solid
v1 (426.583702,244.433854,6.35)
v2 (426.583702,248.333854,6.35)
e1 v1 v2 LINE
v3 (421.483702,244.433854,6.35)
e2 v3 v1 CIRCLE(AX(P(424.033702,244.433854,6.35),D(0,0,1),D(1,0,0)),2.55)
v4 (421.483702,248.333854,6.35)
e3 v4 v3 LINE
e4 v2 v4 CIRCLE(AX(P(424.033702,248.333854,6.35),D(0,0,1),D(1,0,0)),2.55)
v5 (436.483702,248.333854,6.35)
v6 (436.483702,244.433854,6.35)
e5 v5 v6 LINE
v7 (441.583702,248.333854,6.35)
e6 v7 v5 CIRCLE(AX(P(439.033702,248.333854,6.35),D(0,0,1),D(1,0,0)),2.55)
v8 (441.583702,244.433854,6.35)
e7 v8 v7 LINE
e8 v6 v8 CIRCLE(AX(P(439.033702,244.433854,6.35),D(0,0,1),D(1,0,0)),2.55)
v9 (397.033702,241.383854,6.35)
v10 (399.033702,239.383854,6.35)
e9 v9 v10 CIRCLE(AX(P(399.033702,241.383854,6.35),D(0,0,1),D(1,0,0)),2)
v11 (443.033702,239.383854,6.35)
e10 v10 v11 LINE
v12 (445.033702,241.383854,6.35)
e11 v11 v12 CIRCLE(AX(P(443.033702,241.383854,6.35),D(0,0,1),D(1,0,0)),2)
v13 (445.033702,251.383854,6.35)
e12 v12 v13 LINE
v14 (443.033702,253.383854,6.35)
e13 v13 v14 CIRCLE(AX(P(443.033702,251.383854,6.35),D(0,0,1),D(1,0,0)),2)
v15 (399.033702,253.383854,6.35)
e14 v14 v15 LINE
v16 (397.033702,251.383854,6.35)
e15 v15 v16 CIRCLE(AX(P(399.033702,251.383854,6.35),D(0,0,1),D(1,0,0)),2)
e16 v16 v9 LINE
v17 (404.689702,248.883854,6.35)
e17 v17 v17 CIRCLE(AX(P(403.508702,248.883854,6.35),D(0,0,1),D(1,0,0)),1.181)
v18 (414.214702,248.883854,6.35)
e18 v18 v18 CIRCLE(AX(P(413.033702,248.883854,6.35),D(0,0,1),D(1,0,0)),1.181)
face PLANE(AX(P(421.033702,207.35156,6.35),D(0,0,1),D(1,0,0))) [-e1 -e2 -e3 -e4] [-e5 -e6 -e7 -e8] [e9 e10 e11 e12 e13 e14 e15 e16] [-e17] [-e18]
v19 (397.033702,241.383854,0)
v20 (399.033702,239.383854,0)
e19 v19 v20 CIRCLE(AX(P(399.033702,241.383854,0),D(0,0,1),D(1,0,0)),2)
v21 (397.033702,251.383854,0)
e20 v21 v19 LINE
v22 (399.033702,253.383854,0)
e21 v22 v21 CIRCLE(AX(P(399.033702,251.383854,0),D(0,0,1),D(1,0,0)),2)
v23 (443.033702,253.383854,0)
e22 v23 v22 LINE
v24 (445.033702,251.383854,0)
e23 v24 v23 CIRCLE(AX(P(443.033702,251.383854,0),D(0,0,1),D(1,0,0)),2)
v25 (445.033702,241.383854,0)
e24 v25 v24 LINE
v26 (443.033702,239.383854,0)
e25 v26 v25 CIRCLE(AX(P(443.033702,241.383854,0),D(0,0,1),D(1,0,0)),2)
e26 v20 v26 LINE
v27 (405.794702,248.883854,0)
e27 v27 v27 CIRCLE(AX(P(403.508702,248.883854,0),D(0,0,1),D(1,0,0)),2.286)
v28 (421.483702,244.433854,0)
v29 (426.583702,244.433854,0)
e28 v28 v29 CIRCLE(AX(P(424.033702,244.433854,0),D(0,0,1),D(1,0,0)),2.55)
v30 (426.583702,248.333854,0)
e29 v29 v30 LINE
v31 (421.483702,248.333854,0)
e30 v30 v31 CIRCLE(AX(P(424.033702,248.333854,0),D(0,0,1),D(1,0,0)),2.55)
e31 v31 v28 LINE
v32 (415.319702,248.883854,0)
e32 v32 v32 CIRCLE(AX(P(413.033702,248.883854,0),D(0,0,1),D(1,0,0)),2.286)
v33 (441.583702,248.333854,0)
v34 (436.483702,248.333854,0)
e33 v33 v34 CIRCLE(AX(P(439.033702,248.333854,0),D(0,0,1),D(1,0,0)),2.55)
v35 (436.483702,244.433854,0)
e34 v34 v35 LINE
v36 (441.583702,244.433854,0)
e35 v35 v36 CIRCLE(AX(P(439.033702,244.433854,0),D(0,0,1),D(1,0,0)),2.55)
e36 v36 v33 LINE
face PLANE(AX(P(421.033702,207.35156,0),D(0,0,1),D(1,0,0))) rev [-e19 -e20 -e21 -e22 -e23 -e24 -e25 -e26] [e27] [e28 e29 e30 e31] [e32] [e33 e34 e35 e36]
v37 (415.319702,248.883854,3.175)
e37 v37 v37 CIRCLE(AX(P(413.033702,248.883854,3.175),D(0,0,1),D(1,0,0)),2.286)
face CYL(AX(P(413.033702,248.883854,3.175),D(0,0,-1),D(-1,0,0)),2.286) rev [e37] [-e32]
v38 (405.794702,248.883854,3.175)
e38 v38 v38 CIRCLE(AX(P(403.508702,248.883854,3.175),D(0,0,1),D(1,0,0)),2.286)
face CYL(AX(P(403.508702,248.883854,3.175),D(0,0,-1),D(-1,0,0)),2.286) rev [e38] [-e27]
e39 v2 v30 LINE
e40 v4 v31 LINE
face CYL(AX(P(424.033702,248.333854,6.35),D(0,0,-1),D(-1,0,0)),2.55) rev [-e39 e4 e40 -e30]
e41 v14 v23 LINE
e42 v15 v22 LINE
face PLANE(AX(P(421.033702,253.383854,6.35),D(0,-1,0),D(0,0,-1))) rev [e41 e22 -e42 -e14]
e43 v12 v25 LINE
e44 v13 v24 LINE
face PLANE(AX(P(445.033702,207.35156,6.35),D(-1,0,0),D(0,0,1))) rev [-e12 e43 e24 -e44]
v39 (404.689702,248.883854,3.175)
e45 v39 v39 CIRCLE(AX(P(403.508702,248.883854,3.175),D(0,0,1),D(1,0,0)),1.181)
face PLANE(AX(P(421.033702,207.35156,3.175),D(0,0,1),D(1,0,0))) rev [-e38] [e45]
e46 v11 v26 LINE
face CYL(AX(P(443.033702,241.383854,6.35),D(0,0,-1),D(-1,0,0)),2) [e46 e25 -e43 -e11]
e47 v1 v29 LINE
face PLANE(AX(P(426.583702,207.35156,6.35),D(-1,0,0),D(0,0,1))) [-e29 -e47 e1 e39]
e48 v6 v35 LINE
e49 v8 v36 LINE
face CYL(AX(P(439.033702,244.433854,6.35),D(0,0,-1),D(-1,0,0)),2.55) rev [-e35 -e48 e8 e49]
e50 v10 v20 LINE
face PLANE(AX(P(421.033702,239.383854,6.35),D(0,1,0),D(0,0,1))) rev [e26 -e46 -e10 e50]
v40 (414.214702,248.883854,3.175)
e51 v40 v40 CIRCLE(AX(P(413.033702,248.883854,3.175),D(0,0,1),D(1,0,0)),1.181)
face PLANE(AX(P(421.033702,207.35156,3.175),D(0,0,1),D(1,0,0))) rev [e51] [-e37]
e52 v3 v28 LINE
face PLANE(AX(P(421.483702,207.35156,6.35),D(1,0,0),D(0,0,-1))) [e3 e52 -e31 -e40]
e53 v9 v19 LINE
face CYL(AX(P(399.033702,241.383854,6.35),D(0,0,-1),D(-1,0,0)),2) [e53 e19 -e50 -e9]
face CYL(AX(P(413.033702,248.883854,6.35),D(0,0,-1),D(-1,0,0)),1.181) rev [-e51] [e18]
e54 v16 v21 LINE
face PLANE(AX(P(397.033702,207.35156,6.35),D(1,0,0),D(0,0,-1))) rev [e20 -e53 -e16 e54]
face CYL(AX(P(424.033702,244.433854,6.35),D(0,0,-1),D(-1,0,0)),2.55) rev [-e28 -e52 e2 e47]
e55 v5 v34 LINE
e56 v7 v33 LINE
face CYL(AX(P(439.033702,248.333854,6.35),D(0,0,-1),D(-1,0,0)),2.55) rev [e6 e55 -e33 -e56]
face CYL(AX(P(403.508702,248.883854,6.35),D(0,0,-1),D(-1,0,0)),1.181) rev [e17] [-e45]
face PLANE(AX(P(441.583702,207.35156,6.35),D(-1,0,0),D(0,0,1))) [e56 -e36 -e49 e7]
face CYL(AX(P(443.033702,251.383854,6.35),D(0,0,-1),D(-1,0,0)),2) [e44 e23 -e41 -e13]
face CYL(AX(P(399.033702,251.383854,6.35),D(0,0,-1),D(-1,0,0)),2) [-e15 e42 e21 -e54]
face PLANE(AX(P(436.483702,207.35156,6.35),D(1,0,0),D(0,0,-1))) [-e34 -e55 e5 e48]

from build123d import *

# Parameters (mm, degrees)
SKETCH1_R           = 1.181
BOSS_EXTRUDE1_DEPTH = 6.35
SKETCH1_3_R         = 2.286
SKETCH1_3_R_2       = 1.181
CUT_EXTRUDE1_DEPTH  = 3.175


with BuildPart() as part:
    # Sketch1 → Boss-Extrude1 (new body)
    with BuildSketch(Plane.XY):
        with BuildLine():
            ThreePointArc((397.033701588, 241.383854224), (397.619488025, 239.969640661), (399.033701588, 239.383854223))
            Line((399.033701588, 239.383854223), (443.033701589, 239.383854223))
            ThreePointArc((443.033701589, 239.383854223), (444.447915151, 239.969640661), (445.033701588, 241.383854223))
            Line((445.033701588, 241.383854223), (445.033701588, 251.383854223))
            ThreePointArc((445.033701588, 251.383854223), (444.447915152, 252.798067786), (443.033701589, 253.383854224))
            Line((443.033701589, 253.383854224), (399.033701588, 253.383854224))
            ThreePointArc((399.033701588, 253.383854224), (397.619488025, 252.798067787), (397.033701588, 251.383854224))
            Line((397.033701588, 251.383854224), (397.033701588, 241.383854224))
        make_face()
        with BuildLine():
            Line((421.483701588, 244.433854222), (421.483701588, 248.333854223))
            ThreePointArc((421.483701588, 248.333854223), (424.033701588, 250.883854223), (426.583701588, 248.333854223))
            Line((426.583701588, 248.333854223), (426.583701588, 244.433854222))
            ThreePointArc((426.583701588, 244.433854222), (424.033701588, 241.883854222), (421.483701588, 244.433854222))
        make_face(mode=Mode.SUBTRACT)
        with BuildLine():
            Line((436.483701588, 244.433854222), (436.483701588, 248.333854223))
            ThreePointArc((436.483701588, 248.333854223), (439.033701588, 250.883854223), (441.583701588, 248.333854223))
            Line((441.583701588, 248.333854223), (441.583701588, 244.433854222))
            ThreePointArc((441.583701588, 244.433854222), (439.033701588, 241.883854222), (436.483701588, 244.433854222))
        make_face(mode=Mode.SUBTRACT)
        with Locations((403.508701589, 248.883854223)):
            Circle(SKETCH1_R, mode=Mode.SUBTRACT)
        with Locations((413.033701589, 248.883854223)):
            Circle(SKETCH1_R, mode=Mode.SUBTRACT)
    extrude(amount=BOSS_EXTRUDE1_DEPTH)

    # Sketch1<3> → Cut-Extrude1 (cut)
    # profile 1 of 2: a face of its own
    with BuildSketch(Plane.XY):
        with Locations((403.508701589, 248.883854223)):
            Circle(SKETCH1_3_R)
        with Locations((403.508701589, 248.883854223)):
            Circle(SKETCH1_3_R_2, mode=Mode.SUBTRACT)
    # profile 2 of 2: a face of its own
    with BuildSketch(Plane.XY):
        with Locations((413.033701589, 248.883854223)):
            Circle(SKETCH1_3_R)
        with Locations((413.033701589, 248.883854223)):
            Circle(SKETCH1_3_R_2, mode=Mode.SUBTRACT)
    extrude(amount=CUT_EXTRUDE1_DEPTH, mode=Mode.SUBTRACT)


solid = part.part
